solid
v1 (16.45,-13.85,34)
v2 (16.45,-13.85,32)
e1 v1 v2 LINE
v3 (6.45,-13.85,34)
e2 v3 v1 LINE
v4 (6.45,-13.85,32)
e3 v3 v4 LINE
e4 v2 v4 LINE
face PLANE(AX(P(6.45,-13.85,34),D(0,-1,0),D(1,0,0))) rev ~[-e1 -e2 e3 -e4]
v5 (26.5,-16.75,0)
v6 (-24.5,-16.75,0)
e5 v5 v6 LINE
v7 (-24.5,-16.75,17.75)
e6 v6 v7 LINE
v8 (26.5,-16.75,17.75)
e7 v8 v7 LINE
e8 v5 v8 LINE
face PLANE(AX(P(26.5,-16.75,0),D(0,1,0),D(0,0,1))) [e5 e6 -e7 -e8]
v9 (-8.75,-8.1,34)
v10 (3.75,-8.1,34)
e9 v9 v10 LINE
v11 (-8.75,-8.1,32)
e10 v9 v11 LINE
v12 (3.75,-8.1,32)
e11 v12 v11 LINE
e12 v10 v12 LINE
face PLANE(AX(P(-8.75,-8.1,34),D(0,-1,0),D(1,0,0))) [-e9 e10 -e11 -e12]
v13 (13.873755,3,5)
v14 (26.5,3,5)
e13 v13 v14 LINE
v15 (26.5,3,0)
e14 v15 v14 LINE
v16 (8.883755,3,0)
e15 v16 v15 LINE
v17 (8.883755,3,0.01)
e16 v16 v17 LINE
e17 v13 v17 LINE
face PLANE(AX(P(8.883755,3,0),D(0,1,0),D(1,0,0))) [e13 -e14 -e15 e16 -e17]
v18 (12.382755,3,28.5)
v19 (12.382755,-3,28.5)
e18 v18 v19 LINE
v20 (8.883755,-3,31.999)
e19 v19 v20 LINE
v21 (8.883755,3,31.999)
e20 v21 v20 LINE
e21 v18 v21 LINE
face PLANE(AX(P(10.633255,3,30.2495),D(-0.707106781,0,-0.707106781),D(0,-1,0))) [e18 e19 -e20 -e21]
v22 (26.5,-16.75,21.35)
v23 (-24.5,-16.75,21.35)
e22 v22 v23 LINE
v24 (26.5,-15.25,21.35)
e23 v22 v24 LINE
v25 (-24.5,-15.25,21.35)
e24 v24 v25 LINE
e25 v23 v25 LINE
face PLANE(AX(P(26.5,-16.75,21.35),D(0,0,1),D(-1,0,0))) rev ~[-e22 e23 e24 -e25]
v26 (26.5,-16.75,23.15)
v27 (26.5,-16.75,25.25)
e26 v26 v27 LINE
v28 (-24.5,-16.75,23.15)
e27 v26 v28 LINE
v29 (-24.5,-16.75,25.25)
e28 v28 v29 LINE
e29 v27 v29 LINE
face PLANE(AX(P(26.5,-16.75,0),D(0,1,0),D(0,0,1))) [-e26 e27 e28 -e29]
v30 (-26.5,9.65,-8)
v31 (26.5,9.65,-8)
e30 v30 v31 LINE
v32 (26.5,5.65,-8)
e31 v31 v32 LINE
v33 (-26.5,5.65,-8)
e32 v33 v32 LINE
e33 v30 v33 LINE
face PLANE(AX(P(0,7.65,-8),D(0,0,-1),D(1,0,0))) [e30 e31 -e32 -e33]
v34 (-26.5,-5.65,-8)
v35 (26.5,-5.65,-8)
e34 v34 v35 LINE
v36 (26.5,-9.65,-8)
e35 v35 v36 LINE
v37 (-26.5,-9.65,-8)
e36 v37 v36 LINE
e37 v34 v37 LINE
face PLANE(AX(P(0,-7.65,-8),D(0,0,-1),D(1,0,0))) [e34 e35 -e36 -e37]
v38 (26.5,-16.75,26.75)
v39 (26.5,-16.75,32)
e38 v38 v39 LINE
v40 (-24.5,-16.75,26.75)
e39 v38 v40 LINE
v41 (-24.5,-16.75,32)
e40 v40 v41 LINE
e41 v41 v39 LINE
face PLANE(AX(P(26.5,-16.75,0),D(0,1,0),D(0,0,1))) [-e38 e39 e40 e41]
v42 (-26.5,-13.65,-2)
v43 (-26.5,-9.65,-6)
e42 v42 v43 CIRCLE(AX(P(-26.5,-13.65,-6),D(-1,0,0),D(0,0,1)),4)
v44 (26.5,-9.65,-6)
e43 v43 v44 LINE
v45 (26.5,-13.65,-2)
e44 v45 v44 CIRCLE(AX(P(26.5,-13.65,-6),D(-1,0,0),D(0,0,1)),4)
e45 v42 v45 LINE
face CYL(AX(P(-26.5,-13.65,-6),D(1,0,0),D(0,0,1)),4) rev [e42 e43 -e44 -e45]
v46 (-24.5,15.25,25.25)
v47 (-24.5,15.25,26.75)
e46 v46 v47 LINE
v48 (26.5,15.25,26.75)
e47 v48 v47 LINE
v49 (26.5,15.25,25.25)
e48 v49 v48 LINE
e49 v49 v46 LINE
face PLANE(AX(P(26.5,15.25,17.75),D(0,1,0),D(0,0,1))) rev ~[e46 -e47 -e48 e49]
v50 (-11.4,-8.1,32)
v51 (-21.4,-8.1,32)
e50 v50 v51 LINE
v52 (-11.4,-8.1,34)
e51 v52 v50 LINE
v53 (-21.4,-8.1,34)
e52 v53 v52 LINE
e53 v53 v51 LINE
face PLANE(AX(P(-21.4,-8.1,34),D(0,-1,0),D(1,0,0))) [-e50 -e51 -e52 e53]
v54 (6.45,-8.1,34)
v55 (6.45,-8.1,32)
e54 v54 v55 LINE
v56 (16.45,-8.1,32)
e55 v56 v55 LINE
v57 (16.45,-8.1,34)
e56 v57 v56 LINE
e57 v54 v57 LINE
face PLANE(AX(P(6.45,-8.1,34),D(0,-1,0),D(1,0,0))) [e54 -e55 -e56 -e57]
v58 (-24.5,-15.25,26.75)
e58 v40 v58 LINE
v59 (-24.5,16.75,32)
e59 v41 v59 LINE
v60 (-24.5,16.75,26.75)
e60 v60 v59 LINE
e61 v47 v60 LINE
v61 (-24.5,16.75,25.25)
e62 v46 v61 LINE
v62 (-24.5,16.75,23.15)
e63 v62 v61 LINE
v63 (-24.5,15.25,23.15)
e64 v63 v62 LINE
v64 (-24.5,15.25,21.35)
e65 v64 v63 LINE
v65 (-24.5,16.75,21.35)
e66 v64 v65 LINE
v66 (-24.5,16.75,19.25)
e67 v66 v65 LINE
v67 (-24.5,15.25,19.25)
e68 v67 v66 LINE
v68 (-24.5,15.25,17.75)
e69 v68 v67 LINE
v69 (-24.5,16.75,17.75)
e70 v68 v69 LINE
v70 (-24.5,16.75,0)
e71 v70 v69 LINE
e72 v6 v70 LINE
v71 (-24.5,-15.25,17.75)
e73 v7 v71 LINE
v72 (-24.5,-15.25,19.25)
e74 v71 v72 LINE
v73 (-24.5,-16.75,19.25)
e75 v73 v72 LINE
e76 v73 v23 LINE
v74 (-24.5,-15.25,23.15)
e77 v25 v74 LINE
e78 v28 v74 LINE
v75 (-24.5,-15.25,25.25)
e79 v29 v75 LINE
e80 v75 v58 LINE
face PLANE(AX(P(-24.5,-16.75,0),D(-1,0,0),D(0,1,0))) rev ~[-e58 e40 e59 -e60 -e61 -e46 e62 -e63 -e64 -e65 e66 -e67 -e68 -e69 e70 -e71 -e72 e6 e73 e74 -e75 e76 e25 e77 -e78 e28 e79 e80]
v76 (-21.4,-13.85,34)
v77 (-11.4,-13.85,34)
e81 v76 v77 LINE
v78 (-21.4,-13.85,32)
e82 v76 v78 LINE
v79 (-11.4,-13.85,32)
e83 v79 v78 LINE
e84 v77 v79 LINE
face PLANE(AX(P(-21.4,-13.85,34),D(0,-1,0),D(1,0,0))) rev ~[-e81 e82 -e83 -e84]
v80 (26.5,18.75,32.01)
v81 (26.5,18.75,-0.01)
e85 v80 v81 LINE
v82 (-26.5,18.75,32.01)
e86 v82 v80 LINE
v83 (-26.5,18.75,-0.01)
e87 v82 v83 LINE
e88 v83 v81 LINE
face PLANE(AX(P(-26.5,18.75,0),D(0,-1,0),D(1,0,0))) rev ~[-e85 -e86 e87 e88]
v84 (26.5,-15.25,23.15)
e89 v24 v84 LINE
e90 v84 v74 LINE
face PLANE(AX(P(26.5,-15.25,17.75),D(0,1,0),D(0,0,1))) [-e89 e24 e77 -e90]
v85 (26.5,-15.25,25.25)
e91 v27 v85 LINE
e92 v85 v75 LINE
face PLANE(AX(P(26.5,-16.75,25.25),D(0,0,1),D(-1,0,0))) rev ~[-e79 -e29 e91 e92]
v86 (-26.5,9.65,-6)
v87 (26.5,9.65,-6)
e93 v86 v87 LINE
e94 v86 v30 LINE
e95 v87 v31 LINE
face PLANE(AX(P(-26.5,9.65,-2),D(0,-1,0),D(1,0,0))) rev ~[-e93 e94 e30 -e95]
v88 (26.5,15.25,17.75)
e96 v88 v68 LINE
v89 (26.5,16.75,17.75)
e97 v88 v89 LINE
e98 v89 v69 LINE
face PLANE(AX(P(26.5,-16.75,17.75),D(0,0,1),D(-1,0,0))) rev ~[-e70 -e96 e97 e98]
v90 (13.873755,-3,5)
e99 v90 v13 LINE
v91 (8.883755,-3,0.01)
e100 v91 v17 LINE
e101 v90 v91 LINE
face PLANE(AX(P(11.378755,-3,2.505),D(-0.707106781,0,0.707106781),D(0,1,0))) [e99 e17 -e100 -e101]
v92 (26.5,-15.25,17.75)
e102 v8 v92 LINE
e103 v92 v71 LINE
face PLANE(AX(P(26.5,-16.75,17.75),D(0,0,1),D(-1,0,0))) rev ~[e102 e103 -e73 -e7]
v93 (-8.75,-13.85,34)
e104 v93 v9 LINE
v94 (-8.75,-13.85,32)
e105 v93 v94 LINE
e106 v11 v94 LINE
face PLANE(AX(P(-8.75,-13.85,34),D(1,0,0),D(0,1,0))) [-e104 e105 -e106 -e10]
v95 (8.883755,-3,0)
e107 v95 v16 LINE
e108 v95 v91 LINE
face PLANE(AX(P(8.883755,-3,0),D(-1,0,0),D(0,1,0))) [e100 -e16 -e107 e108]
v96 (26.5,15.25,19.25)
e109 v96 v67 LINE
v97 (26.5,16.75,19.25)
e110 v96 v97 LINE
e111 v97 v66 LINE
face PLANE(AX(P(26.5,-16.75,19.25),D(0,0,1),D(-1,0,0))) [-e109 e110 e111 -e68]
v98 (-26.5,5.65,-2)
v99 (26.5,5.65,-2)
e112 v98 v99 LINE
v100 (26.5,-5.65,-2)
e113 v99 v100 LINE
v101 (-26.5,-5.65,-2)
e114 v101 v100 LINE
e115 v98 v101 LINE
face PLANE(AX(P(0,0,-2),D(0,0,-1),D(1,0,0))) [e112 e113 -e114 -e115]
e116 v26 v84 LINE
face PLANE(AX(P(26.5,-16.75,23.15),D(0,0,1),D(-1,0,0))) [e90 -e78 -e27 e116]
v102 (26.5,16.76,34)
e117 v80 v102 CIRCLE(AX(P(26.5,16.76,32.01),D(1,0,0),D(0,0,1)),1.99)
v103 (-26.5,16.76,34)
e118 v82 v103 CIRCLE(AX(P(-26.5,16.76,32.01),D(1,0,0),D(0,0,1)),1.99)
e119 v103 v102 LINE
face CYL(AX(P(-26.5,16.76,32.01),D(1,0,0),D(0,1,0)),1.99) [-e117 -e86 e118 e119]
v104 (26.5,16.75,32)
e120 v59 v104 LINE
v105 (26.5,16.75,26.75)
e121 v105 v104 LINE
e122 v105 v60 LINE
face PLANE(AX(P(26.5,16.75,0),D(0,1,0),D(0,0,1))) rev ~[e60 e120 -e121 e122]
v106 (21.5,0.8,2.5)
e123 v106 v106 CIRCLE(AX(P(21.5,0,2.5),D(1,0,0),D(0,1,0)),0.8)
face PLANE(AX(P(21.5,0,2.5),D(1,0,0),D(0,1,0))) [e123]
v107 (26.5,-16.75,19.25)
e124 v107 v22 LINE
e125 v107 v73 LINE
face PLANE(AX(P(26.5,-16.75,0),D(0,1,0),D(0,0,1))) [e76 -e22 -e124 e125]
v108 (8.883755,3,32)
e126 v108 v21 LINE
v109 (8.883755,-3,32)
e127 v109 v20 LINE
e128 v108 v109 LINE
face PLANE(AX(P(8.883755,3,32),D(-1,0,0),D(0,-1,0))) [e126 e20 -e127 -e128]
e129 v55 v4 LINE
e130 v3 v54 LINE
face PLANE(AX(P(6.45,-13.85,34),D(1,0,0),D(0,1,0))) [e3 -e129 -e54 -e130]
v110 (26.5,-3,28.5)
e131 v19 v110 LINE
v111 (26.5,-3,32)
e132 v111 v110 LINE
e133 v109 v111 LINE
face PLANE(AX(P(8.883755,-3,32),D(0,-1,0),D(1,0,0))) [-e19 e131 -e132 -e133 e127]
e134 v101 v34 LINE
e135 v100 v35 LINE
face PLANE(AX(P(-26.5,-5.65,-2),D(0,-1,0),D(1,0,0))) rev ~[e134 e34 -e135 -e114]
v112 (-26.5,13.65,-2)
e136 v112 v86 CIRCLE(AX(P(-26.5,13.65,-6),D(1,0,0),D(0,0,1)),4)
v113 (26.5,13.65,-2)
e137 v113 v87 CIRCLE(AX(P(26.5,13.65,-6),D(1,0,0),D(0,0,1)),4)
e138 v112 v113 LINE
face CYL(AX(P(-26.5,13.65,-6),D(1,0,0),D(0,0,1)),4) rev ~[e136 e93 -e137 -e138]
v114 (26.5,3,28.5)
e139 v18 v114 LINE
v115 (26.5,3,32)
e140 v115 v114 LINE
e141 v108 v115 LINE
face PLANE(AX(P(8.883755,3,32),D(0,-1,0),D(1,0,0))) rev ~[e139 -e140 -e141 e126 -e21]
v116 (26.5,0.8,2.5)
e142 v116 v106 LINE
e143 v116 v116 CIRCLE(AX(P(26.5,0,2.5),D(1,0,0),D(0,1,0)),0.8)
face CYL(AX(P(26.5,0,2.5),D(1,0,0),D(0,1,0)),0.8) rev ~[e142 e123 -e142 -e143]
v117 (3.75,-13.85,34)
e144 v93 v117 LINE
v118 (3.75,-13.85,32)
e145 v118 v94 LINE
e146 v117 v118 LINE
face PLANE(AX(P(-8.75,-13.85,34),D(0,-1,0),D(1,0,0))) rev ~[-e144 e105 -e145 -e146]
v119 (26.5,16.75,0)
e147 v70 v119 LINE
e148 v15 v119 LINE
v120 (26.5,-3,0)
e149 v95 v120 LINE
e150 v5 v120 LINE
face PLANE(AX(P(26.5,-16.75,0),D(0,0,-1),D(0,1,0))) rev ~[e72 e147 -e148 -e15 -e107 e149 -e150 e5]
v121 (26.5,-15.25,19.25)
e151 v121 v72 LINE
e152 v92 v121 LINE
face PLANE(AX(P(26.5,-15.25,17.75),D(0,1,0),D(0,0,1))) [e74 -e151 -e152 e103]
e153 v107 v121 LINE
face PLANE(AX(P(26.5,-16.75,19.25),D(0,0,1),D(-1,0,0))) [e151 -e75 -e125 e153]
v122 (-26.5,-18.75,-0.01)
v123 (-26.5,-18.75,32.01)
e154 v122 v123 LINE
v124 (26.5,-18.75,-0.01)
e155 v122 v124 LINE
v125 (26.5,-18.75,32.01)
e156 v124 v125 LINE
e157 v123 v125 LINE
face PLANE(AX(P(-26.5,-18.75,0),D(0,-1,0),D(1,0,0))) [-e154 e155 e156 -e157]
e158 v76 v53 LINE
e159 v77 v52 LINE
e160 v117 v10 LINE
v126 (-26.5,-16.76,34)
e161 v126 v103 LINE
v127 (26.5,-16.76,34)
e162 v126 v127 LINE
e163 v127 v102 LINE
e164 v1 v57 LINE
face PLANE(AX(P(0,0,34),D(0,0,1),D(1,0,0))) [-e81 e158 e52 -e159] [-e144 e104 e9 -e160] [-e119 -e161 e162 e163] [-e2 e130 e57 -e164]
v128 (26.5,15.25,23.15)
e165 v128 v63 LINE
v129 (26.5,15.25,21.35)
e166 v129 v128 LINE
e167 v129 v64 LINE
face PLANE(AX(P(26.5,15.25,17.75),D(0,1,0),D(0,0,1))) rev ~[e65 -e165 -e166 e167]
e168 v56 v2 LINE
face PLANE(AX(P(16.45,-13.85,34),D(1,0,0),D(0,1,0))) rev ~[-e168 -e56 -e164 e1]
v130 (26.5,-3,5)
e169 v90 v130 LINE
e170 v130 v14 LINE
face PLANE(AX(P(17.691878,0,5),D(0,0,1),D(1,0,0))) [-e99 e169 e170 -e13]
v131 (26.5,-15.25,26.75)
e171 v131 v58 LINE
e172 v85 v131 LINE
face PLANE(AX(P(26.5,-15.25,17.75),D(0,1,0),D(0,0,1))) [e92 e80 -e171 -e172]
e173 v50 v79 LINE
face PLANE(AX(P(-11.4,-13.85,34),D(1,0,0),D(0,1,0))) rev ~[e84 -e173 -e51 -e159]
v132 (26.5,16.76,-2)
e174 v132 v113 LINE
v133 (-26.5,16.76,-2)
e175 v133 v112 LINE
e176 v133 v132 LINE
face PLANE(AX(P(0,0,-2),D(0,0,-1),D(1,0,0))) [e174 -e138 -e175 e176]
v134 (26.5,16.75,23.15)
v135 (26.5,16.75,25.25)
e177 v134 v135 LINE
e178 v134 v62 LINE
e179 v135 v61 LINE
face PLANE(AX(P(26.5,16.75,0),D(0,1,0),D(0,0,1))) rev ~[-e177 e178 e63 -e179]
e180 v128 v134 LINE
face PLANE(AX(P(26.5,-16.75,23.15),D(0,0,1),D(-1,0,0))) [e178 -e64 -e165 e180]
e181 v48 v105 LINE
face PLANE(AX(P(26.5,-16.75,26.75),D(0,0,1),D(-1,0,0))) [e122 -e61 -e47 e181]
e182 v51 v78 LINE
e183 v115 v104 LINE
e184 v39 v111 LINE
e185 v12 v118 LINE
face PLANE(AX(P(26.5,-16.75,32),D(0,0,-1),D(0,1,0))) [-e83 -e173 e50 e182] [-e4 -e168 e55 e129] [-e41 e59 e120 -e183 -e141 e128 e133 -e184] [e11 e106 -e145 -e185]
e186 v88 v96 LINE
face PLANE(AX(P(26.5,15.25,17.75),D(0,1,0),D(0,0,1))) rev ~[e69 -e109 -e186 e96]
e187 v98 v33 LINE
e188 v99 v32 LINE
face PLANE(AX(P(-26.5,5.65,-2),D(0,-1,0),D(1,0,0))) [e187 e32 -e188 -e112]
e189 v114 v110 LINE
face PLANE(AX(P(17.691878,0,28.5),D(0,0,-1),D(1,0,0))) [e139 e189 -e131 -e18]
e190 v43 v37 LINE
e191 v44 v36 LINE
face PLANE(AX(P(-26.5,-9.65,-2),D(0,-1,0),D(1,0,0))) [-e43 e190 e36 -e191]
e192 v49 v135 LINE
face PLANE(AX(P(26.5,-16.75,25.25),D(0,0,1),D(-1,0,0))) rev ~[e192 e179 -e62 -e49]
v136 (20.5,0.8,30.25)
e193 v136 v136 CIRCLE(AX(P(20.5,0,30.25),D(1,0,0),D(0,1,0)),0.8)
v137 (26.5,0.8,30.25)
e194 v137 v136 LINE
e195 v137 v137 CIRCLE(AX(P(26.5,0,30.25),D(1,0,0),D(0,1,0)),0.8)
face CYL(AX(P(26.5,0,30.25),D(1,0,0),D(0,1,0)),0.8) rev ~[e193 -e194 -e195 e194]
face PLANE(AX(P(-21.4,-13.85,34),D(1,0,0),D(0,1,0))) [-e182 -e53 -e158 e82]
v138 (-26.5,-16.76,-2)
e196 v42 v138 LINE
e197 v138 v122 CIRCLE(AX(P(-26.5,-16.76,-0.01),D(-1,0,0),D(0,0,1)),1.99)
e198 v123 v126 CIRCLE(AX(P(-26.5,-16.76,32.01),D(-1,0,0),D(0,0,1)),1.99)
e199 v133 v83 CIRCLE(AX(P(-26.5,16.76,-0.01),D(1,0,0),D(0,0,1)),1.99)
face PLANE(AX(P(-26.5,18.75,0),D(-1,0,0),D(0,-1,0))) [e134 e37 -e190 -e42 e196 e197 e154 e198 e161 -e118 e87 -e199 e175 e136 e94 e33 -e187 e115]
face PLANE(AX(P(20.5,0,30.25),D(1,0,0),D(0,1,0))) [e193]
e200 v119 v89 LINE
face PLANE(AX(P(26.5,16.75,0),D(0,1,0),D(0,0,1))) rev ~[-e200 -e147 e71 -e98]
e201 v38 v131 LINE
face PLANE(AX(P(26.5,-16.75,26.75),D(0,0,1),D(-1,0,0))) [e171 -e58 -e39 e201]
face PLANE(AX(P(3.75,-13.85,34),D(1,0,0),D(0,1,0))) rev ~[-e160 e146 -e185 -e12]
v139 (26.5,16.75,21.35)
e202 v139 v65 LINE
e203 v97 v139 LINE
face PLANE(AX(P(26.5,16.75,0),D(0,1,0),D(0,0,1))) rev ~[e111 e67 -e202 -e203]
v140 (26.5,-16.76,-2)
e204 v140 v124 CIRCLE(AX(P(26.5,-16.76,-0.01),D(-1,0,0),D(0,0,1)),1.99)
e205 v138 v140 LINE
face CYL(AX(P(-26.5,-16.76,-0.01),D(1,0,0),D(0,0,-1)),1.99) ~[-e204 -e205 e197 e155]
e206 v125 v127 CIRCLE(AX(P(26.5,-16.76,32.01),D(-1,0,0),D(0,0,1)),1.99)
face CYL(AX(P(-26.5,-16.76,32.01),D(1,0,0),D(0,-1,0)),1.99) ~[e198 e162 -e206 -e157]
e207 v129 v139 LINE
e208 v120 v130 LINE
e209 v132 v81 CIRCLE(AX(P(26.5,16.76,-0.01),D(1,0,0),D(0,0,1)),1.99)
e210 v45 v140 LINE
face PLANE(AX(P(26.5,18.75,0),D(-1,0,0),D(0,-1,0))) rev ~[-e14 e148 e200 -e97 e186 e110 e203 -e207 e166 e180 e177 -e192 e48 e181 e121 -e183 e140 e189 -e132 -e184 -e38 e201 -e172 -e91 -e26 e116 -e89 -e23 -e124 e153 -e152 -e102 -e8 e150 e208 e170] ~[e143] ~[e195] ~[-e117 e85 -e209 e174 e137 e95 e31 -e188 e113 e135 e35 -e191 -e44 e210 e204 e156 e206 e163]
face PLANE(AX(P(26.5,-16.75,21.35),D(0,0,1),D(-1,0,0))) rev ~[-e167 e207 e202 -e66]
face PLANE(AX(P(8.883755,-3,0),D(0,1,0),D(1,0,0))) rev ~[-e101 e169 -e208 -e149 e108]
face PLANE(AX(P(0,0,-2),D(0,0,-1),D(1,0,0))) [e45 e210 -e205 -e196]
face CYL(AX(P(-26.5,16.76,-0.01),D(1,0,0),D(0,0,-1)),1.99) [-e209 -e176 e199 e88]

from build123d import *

# Parameters (mm, degrees)
SKETCH_W        = 53
SKETCH_H        = 37.5
SKETCH_W_2      = 49
SKETCH_H_2      = 33.5
PAD_DEPTH       = 32
SKETCH001_W     = 53
SKETCH001_H     = 37.5
PAD001_DEPTH    = 2
SKETCH002_W     = 53
SKETCH002_H     = 37.5
PAD002_DEPTH    = 2
SKETCH003_W     = 33.5
SKETCH003_H     = 32
POCKET_DEPTH    = 2
SKETCH004_W     = 10
SKETCH004_H     = 5.75
SKETCH004_W_2   = 12.5
SKETCH004_W_3   = 9.9999999999
POCKET001_DEPTH = 5
SKETCH005_W     = 51
SKETCH005_H     = 1.8
SKETCH005_H_2   = 1.5
PAD003_DEPTH    = 33.5
SKETCH006_W     = 30.5
SKETCH006_H     = 9
POCKET002_DEPTH = 51
SKETCH007_W     = 17.616245
SKETCH007_H     = 6
PAD004_DEPTH    = 5
SKETCH008_R     = 0.8
POCKET003_DEPTH = 5
SKETCH009_W     = 17.616245
SKETCH009_H     = 6
PAD005_DEPTH    = 3.5
SKETCH010_R     = 0.8
POCKET004_DEPTH = 6
CHAMFER_SIZE    = 3.499
CHAMFER001_SIZE = 4.99
FILLET_R        = 1.99
SKETCH011_W     = 53
SKETCH011_H     = 4
PAD006_DEPTH    = 6
FILLET001_R     = 4


with BuildPart() as part:
    # Sketch → Pad (new body)
    with BuildSketch(Plane.XY):
        Rectangle(SKETCH_W, SKETCH_H)
        Rectangle(SKETCH_W_2, SKETCH_H_2, mode=Mode.SUBTRACT)
    extrude(amount=PAD_DEPTH)

    # Sketch001 (on Face10 of Pad) → Pad001 (join)
    with BuildSketch(Plane.XY.offset(32)):
        Rectangle(SKETCH001_W, SKETCH001_H)
    extrude(amount=PAD001_DEPTH)

    # Sketch002 (on Face4 of Pad001) → Pad002 (join)
    with BuildSketch(Plane(origin=(0, 0, 0), x_dir=(1, 0, 0), z_dir=(0, 0, -1))):
        Rectangle(SKETCH002_W, SKETCH002_H)
    extrude(amount=PAD002_DEPTH)

    # Sketch003 (on Face3 of Pad002) → Pocket (cut)
    with BuildSketch(Plane.YZ.offset(26.5)):
        with Locations((0, 16)):
            Rectangle(SKETCH003_W, SKETCH003_H)
    extrude(amount=-POCKET_DEPTH, mode=Mode.SUBTRACT)

    # Sketch004 (on Face13 of Pocket) → Pocket001 (cut)
    with BuildSketch(Plane.XY.offset(34)):
        with Locations((-16.4, -10.975)):
            Rectangle(SKETCH004_W, SKETCH004_H)
        with Locations((-2.5, -10.975)):
            Rectangle(SKETCH004_W_2, SKETCH004_H)
        with Locations((11.45, -10.975)):
            Rectangle(SKETCH004_W_3, SKETCH004_H)
    extrude(amount=-POCKET001_DEPTH, mode=Mode.SUBTRACT)

    # Sketch005 (on Face36 of Pocket001) → Pad003 (join)
    with BuildSketch(Plane(origin=(0, -16.75, 0), x_dir=(-1, 0, 0), z_dir=(0, 1, 0))):
        with Locations((-1, 22.25)):
            Rectangle(SKETCH005_W, SKETCH005_H)
        with Locations((-1, 26)):
            Rectangle(SKETCH005_W, SKETCH005_H_2)
        with Locations((-1, 18.5)):
            Rectangle(SKETCH005_W, SKETCH005_H_2)
    extrude(amount=PAD003_DEPTH)

    # Sketch006 (on Face11 of Pad003) → Pocket002 (cut)
    with BuildSketch(Plane.YZ.offset(26.5)):
        with Locations((0, 22.25)):
            Rectangle(SKETCH006_W, SKETCH006_H)
    extrude(amount=-POCKET002_DEPTH, mode=Mode.SUBTRACT)

    # Sketch007 (on Face57 of Pocket002) → Pad004 (join)
    with BuildSketch(Plane.XY):
        with Locations((17.6918775, 0)):
            Rectangle(SKETCH007_W, SKETCH007_H)
    extrude(amount=PAD004_DEPTH)

    # Sketch008 (on Face24 of Pad004) → Pocket003 (cut)
    with BuildSketch(Plane.YZ.offset(26.5)):
        with Locations((0, 2.5)):
            Circle(SKETCH008_R)
    extrude(amount=-POCKET003_DEPTH, mode=Mode.SUBTRACT)

    # Sketch009 (on Face65 of Pocket003) → Pad005 (join)
    with BuildSketch(Plane(origin=(0, 0, 32), x_dir=(1, 0, 0), z_dir=(0, 0, -1))):
        with Locations((17.6918775, 0)):
            Rectangle(SKETCH009_W, SKETCH009_H)
    extrude(amount=PAD005_DEPTH)

    # Sketch010 (on Face41 of Pad005) → Pocket004 (cut)
    with BuildSketch(Plane.YZ.offset(26.5)):
        with Locations((0, 30.25)):
            Circle(SKETCH010_R)
    extrude(amount=-POCKET004_DEPTH, mode=Mode.SUBTRACT)

    # Chamfer
    chamfer_edges = [part.edges().sort_by_distance(p)[0] for p in [
        (8.883755, 0, 28.5),
    ]]
    chamfer(chamfer_edges, length=CHAMFER_SIZE)

    # Chamfer001
    chamfer001_edges = [part.edges().sort_by_distance(p)[0] for p in [
        (8.883755, 0, 5),
    ]]
    chamfer(chamfer001_edges, length=CHAMFER001_SIZE)

    # Fillet
    fillet_edges = [part.edges().sort_by_distance(p)[0] for p in [
        (0, -18.75, 34),
        (0, 18.75, 34),
        (0, 18.75, -2),
        (0, -18.75, -2),
    ]]
    fillet(fillet_edges, radius=FILLET_R)

    # Sketch011 (on Face5 of Fillet) → Pad006 (join)
    with BuildSketch(Plane(origin=(0, 0, -2), x_dir=(1, 0, 0), z_dir=(0, 0, -1))):
        with Locations((0, 7.65)):
            Rectangle(SKETCH011_W, SKETCH011_H)
        with Locations((0, -7.65)):
            Rectangle(SKETCH011_W, SKETCH011_H)
    extrude(amount=PAD006_DEPTH)

    # Fillet001
    fillet001_edges = [part.edges().sort_by_distance(p)[0] for p in [
        (0, 9.65, -2),
        (0, -9.65, -2),
    ]]
    fillet(fillet001_edges, radius=FILLET001_R)


solid = part.part
